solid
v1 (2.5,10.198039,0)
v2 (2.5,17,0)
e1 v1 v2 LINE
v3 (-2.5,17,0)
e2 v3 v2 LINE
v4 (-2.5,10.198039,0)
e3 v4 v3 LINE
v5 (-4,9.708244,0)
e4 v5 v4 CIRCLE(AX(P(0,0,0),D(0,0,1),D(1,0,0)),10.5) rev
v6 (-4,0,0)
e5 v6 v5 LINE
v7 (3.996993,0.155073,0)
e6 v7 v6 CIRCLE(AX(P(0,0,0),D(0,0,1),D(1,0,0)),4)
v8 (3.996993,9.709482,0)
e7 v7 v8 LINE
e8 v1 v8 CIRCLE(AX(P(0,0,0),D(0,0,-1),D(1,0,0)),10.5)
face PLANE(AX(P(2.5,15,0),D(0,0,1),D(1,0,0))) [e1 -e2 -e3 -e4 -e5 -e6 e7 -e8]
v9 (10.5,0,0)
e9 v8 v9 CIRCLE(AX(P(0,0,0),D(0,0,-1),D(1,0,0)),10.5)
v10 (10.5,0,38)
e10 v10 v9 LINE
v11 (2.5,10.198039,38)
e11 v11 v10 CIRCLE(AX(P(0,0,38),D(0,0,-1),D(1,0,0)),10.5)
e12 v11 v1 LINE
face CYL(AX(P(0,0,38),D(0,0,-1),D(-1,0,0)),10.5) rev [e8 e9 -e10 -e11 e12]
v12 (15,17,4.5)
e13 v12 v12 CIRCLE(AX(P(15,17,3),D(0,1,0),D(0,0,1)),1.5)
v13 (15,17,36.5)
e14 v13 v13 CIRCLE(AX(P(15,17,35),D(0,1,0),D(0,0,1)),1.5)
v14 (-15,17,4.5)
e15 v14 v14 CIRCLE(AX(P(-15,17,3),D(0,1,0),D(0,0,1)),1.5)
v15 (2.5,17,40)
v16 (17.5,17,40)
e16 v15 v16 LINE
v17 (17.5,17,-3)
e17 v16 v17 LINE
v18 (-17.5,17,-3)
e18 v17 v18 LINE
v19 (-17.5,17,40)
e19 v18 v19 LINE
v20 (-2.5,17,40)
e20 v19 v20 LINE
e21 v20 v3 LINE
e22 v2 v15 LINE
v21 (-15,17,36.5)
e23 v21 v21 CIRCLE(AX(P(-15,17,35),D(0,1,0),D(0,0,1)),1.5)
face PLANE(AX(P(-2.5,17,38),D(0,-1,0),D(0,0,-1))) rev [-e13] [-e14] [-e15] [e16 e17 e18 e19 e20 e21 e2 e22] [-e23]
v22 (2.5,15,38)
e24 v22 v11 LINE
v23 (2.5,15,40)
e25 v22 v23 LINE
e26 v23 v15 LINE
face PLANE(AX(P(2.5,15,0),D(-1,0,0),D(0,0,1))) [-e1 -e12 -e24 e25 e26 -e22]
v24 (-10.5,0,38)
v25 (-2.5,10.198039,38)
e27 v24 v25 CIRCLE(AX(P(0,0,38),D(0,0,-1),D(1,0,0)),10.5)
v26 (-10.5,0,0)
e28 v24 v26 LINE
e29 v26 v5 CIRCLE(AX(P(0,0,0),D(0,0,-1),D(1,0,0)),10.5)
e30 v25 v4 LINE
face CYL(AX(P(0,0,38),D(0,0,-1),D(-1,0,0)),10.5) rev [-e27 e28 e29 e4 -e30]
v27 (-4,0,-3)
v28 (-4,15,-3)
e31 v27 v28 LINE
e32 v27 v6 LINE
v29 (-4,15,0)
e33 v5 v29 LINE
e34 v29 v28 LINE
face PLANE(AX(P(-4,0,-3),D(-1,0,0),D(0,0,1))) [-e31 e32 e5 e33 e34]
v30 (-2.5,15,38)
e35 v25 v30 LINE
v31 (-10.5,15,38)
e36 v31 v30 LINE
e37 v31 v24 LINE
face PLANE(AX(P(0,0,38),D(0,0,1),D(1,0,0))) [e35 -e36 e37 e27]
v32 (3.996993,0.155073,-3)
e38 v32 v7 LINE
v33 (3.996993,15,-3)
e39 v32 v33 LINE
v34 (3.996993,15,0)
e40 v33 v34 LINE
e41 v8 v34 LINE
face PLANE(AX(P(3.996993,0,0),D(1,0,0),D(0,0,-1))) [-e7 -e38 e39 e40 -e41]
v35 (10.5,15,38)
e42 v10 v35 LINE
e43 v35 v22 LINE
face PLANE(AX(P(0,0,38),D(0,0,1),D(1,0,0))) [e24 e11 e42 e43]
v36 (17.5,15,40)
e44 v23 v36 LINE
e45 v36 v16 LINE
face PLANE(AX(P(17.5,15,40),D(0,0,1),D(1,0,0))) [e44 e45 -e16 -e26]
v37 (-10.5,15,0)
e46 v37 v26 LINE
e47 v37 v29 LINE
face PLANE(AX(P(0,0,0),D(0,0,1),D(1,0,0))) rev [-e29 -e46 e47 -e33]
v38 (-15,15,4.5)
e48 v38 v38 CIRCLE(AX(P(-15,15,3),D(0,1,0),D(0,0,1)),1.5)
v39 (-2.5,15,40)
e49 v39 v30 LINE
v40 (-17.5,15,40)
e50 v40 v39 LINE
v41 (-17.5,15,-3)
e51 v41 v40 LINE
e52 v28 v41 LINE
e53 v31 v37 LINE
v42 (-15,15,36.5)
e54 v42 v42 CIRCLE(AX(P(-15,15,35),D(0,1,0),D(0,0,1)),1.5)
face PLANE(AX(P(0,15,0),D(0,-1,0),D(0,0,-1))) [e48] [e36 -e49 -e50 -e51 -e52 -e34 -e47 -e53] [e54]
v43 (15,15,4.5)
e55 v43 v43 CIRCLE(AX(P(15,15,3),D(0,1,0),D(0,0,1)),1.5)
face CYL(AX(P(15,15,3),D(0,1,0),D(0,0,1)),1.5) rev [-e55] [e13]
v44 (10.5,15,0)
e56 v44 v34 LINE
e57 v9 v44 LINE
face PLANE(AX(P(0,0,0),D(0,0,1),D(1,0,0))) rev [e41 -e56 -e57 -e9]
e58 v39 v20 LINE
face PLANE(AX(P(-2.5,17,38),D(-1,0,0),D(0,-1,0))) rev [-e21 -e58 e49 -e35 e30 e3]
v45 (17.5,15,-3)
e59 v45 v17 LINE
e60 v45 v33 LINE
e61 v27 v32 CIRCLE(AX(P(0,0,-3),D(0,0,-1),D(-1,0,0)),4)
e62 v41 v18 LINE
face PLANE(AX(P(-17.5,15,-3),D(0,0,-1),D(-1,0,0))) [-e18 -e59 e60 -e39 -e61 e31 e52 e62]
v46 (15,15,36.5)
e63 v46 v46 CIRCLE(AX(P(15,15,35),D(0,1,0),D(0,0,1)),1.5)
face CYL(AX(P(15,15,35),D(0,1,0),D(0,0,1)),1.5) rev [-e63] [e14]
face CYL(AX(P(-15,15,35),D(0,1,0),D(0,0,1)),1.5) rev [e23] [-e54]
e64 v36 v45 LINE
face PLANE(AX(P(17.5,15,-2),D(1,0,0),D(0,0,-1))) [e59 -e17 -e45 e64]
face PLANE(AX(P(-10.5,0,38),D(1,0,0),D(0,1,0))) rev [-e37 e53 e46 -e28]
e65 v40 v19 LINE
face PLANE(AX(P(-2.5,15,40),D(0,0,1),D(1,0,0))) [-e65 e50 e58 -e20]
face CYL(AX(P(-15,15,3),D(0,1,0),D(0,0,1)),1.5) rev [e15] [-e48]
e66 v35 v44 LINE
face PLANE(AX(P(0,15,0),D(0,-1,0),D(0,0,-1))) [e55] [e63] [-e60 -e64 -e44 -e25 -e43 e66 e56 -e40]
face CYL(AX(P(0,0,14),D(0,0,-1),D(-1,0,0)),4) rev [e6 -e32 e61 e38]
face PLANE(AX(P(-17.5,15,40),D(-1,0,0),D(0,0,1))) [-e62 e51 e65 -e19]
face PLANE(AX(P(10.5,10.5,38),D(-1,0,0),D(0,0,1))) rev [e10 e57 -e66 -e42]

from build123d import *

# Parameters (mm, degrees)
SALIENTE_EXTRUIR1_DEPTH   = 38
SALIENTE_EXTRUIR1_2_DEPTH = 38
CROQUIS2_R                = 1.5
SALIENTE_EXTRUIR2_DEPTH   = 2
SALIENTE_EXTRUIR4_DEPTH   = 17
CROQUIS4_R                = 4
CORTAR_EXTRUIR2_DEPTH     = 17


with BuildPart() as part:
    # Croquis1 → Saliente-Extruir1 (new body)
    with BuildSketch(Plane.XY):
        with BuildLine():
            Line((10.5, 0), (10.5, 10.5))
            Line((10.5, 10.5), (10.5, 17))
            Line((10.5, 17), (2.5, 17))
            Line((2.5, 17), (2.5, 10.198039027))
            ThreePointArc((2.5, 10.198039027), (8.261355821, 6.480740698), (10.5, 0))
        make_face()
    extrude(amount=SALIENTE_EXTRUIR1_DEPTH)



with BuildPart() as body_2:
    # Croquis1 → Saliente-Extruir1 2 (new body)
    with BuildSketch(Plane.XY):
        with BuildLine():
            Line((-10.5, 0), (-10.5, 10.5))
            Line((-10.5, 10.5), (-10.5, 17))
            Line((-10.5, 17), (-2.5, 17))
            Line((-2.5, 17), (-2.5, 10.198039027))
            ThreePointArc((-2.5, 10.198039027), (-8.261355821, 6.480740698), (-10.5, 0))
        make_face()
    extrude(amount=SALIENTE_EXTRUIR1_2_DEPTH)


with BuildPart() as part_1:
    add(part.part)

    add(body_2.part)  # Saliente-Extruir2 merges body 2
    # Croquis2 → Saliente-Extruir2 (add)
    with BuildSketch(Plane(origin=(0, 17, 0), x_dir=(1, 0, 0), z_dir=(0, 1, 0))):
        Polygon((2.5, 0), (-2.5, 0), (-2.5, -40), (-12.5, -40), (-17.5, -40), (-17.5, 2), (-17.5, 3), (17.5, 3), (17.5, 2), (17.5, -40), (12.5, -40), (2.5, -40), align=None)
        with Locations((-15, -3)):
            Circle(CROQUIS2_R, mode=Mode.SUBTRACT)
        with Locations((15, -3)):
            Circle(CROQUIS2_R, mode=Mode.SUBTRACT)
        with Locations((15, -35)):
            Circle(CROQUIS2_R, mode=Mode.SUBTRACT)
        with Locations((-15, -35)):
            Circle(CROQUIS2_R, mode=Mode.SUBTRACT)
    extrude(amount=-SALIENTE_EXTRUIR2_DEPTH)

    # Croquis3 → Saliente-Extruir4 (add)
    with BuildSketch(Plane(origin=(0, 17, 0), x_dir=(1, 0, 0), z_dir=(0, 1, 0))):
        Polygon((0, 3), (-4, 3), (-4, 0), (3.996992923, 0), (3.996992923, 3), align=None)
    extrude(amount=-SALIENTE_EXTRUIR4_DEPTH)

    # Croquis4 → Cortar-Extruir2 (cut)
    with BuildSketch(Plane(origin=(0, 0, -3), x_dir=(-1, 0, 0), z_dir=(0, 0, -1))):
        Circle(CROQUIS4_R)
    extrude(amount=-CORTAR_EXTRUIR2_DEPTH, mode=Mode.SUBTRACT)


solid = part_1.part
